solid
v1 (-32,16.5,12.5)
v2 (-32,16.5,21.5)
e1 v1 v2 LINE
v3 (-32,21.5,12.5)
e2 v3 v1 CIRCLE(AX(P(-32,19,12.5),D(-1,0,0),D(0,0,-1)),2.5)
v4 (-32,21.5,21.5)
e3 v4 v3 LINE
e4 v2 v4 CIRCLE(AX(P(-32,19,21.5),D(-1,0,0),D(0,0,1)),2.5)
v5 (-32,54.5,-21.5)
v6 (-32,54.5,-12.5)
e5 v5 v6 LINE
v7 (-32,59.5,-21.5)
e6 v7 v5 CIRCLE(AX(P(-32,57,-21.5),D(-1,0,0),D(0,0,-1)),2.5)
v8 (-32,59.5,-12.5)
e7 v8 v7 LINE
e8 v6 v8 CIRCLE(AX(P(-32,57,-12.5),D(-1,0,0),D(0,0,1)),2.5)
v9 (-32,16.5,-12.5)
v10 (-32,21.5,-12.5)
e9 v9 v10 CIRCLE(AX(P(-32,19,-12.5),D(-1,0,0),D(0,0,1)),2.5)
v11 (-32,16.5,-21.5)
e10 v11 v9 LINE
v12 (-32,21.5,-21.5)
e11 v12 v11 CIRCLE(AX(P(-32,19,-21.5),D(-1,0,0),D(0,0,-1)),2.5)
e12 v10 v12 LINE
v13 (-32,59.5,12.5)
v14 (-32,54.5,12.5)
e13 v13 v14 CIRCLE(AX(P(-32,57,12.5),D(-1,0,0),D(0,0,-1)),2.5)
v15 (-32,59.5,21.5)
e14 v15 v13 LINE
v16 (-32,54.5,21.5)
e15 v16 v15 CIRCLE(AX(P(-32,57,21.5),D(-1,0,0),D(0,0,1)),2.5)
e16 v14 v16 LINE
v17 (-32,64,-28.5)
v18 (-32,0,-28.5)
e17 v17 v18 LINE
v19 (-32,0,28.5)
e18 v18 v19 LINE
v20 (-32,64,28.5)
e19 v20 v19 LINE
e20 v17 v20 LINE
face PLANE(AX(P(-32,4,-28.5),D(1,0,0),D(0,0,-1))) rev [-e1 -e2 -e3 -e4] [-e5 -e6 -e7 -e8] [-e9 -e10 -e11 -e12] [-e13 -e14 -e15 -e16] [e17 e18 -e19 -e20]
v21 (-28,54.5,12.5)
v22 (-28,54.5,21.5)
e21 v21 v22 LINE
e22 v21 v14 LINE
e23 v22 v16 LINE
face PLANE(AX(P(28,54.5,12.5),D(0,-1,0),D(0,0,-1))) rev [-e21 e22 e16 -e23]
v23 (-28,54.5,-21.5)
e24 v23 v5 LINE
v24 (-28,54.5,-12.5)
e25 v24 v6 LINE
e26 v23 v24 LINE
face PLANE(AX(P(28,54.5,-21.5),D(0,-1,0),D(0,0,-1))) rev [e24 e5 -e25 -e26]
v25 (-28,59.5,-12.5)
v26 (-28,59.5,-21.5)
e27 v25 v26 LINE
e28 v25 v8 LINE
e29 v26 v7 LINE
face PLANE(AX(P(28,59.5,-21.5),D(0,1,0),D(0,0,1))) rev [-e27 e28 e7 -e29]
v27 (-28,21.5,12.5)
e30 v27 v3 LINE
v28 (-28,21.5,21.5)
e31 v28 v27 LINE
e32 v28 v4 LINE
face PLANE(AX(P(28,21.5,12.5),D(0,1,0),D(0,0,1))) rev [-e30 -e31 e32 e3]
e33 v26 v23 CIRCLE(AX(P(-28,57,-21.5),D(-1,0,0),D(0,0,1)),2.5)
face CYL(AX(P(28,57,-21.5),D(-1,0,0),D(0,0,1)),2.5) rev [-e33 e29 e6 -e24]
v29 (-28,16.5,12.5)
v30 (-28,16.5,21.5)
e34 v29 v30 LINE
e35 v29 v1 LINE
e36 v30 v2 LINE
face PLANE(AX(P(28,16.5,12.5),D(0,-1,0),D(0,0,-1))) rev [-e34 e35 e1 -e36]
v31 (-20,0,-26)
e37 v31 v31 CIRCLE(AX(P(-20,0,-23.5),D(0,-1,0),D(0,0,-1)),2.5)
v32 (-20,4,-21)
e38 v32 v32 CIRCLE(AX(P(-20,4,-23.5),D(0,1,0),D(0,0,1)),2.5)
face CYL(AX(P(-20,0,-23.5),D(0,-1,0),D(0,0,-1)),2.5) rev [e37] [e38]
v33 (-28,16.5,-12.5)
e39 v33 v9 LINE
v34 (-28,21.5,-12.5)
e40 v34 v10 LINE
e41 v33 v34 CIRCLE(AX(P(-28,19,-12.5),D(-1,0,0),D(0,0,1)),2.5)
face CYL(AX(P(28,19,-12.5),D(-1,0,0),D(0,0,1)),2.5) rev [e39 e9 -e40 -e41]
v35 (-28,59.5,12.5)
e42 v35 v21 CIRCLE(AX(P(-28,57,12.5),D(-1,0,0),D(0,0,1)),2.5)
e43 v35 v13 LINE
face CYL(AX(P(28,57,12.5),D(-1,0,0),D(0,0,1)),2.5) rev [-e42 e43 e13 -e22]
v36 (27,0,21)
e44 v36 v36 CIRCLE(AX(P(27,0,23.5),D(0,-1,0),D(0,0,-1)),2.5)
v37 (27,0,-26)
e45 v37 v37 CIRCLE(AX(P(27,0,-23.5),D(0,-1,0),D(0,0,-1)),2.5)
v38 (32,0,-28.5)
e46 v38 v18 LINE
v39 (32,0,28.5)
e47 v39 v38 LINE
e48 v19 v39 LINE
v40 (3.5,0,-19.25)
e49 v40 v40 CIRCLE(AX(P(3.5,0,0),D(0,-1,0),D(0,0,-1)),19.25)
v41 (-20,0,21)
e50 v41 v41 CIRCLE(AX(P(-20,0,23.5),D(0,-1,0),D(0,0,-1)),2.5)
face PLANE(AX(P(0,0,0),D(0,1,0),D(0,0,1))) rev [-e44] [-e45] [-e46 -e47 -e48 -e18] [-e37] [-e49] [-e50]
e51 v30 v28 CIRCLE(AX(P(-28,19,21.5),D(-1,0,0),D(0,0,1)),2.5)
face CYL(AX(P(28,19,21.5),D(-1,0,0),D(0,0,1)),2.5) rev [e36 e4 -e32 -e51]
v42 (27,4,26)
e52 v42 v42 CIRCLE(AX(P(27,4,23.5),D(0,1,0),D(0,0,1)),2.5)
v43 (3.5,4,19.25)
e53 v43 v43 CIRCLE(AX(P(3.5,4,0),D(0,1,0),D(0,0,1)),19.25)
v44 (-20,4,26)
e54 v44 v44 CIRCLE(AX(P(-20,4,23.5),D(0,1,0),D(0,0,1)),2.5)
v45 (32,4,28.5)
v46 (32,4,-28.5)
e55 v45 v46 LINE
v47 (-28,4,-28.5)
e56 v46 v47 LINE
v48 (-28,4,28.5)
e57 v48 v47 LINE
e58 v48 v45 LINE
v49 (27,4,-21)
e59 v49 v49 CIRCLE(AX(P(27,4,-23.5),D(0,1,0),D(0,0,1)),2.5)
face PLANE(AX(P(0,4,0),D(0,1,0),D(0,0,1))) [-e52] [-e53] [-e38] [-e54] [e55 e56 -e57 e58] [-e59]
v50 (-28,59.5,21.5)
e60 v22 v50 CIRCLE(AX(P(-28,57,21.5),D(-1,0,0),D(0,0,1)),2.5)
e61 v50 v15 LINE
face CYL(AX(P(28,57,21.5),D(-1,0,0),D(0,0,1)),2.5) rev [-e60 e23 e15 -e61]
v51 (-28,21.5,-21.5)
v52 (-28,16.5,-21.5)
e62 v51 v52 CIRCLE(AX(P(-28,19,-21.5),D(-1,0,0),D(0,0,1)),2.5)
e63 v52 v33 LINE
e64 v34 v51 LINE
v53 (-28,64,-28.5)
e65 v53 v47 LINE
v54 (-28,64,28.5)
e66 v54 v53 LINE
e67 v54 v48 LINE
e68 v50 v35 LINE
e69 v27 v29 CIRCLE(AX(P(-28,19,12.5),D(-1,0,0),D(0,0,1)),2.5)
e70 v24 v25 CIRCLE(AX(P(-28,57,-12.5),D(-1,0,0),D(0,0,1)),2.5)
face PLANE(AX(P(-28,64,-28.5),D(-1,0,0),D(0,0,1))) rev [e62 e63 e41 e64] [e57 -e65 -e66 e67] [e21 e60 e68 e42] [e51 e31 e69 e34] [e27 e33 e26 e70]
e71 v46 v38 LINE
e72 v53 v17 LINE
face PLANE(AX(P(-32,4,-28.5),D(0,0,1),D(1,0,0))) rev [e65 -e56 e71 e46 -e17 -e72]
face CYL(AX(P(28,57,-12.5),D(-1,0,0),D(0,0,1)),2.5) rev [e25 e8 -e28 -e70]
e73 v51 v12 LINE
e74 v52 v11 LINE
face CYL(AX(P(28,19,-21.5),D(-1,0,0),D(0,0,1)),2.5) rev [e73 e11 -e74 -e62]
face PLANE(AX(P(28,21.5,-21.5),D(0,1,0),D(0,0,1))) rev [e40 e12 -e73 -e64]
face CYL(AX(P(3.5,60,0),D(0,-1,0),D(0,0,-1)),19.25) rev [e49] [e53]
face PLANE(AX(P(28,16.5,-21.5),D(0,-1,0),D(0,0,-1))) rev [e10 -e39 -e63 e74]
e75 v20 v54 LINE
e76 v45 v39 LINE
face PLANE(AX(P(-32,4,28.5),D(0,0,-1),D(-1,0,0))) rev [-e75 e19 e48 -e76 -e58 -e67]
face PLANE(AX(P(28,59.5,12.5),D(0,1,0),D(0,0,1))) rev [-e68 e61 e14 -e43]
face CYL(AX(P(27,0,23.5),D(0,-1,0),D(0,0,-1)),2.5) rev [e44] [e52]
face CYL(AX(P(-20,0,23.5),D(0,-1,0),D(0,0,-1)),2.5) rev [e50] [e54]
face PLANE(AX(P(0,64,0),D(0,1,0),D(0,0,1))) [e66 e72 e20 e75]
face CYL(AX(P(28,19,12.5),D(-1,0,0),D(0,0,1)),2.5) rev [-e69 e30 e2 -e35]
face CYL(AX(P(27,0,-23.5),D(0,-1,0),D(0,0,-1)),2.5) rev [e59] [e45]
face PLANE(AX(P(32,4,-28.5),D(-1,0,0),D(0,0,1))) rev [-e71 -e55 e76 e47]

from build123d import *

# Parameters (mm, degrees)
SKETCH1_W                = 64
SKETCH1_H                = 57
BOSS_EXTRUDE1_DEPTH      = 4
SKETCH2_W                = 4
SKETCH2_H                = 57
BOSS_EXTRUDE2_DEPTH      = 60
SKETCH3_R                = 19.25
CUT_EXTRUDE1_DEPTH       = 60
F_5_0_5_DIAMETER_HOLE1_D = 5
CUT_EXTRUDE2_DEPTH       = 60


with BuildPart() as part:
    # Sketch1 → Boss-Extrude1 (new body)
    with BuildSketch(Plane(origin=(0, 0, 0), x_dir=(1, 0, 0), z_dir=(0, 1, 0))):
        Rectangle(SKETCH1_W, SKETCH1_H)
    extrude(amount=BOSS_EXTRUDE1_DEPTH)

    # Sketch2 → Boss-Extrude2 (add)
    with BuildSketch(Plane(origin=(0, 4, 0), x_dir=(1, 0, 0), z_dir=(0, 1, 0))):
        with Locations((-30, 0)):
            Rectangle(SKETCH2_W, SKETCH2_H)
    extrude(amount=BOSS_EXTRUDE2_DEPTH)

    # Sketch3 → Cut-Extrude1 (cut)
    with BuildSketch(Plane.XZ):
        with Locations(Location((3.5, 0, 0), (0, 0, 270))):
            Circle(SKETCH3_R)
    extrude(amount=-CUT_EXTRUDE1_DEPTH, mode=Mode.SUBTRACT)

    # Ø5.0 (5) Diameter Hole1 (through all)
    with Locations(Plane(origin=(0, 0, 0), x_dir=(-1, 0, 0), z_dir=(0, -1, 0))):
        with Locations((-27, -23.5), (-27, 23.5), (20, 23.5), (20, -23.5)):
            Hole(F_5_0_5_DIAMETER_HOLE1_D / 2)

    # Sketch6 → Cut-Extrude2 (cut)
    with BuildSketch(Plane.ZY.offset(32)):
        with BuildLine():
            Line((-21.5, 16.5), (-12.5, 16.5))
            ThreePointArc((-12.5, 16.5), (-10, 19), (-12.5, 21.5))
            Line((-12.5, 21.5), (-21.5, 21.5))
            ThreePointArc((-21.5, 21.5), (-24, 19), (-21.5, 16.5))
        make_face()
        with BuildLine():
            Line((12.5, 16.5), (21.5, 16.5))
            ThreePointArc((21.5, 16.5), (24, 19), (21.5, 21.5))
            Line((21.5, 21.5), (12.5, 21.5))
            ThreePointArc((12.5, 21.5), (10, 19), (12.5, 16.5))
        make_face()
        with BuildLine():
            Line((-21.5, 54.5), (-12.5, 54.5))
            ThreePointArc((-12.5, 54.5), (-10, 57), (-12.5, 59.5))
            Line((-12.5, 59.5), (-21.5, 59.5))
            ThreePointArc((-21.5, 59.5), (-24, 57), (-21.5, 54.5))
        make_face()
        with BuildLine():
            Line((12.5, 54.5), (21.5, 54.5))
            ThreePointArc((21.5, 54.5), (24, 57), (21.5, 59.5))
            Line((21.5, 59.5), (12.5, 59.5))
            ThreePointArc((12.5, 59.5), (10, 57), (12.5, 54.5))
        make_face()
    extrude(amount=-CUT_EXTRUDE2_DEPTH, mode=Mode.SUBTRACT)


solid = part.part
